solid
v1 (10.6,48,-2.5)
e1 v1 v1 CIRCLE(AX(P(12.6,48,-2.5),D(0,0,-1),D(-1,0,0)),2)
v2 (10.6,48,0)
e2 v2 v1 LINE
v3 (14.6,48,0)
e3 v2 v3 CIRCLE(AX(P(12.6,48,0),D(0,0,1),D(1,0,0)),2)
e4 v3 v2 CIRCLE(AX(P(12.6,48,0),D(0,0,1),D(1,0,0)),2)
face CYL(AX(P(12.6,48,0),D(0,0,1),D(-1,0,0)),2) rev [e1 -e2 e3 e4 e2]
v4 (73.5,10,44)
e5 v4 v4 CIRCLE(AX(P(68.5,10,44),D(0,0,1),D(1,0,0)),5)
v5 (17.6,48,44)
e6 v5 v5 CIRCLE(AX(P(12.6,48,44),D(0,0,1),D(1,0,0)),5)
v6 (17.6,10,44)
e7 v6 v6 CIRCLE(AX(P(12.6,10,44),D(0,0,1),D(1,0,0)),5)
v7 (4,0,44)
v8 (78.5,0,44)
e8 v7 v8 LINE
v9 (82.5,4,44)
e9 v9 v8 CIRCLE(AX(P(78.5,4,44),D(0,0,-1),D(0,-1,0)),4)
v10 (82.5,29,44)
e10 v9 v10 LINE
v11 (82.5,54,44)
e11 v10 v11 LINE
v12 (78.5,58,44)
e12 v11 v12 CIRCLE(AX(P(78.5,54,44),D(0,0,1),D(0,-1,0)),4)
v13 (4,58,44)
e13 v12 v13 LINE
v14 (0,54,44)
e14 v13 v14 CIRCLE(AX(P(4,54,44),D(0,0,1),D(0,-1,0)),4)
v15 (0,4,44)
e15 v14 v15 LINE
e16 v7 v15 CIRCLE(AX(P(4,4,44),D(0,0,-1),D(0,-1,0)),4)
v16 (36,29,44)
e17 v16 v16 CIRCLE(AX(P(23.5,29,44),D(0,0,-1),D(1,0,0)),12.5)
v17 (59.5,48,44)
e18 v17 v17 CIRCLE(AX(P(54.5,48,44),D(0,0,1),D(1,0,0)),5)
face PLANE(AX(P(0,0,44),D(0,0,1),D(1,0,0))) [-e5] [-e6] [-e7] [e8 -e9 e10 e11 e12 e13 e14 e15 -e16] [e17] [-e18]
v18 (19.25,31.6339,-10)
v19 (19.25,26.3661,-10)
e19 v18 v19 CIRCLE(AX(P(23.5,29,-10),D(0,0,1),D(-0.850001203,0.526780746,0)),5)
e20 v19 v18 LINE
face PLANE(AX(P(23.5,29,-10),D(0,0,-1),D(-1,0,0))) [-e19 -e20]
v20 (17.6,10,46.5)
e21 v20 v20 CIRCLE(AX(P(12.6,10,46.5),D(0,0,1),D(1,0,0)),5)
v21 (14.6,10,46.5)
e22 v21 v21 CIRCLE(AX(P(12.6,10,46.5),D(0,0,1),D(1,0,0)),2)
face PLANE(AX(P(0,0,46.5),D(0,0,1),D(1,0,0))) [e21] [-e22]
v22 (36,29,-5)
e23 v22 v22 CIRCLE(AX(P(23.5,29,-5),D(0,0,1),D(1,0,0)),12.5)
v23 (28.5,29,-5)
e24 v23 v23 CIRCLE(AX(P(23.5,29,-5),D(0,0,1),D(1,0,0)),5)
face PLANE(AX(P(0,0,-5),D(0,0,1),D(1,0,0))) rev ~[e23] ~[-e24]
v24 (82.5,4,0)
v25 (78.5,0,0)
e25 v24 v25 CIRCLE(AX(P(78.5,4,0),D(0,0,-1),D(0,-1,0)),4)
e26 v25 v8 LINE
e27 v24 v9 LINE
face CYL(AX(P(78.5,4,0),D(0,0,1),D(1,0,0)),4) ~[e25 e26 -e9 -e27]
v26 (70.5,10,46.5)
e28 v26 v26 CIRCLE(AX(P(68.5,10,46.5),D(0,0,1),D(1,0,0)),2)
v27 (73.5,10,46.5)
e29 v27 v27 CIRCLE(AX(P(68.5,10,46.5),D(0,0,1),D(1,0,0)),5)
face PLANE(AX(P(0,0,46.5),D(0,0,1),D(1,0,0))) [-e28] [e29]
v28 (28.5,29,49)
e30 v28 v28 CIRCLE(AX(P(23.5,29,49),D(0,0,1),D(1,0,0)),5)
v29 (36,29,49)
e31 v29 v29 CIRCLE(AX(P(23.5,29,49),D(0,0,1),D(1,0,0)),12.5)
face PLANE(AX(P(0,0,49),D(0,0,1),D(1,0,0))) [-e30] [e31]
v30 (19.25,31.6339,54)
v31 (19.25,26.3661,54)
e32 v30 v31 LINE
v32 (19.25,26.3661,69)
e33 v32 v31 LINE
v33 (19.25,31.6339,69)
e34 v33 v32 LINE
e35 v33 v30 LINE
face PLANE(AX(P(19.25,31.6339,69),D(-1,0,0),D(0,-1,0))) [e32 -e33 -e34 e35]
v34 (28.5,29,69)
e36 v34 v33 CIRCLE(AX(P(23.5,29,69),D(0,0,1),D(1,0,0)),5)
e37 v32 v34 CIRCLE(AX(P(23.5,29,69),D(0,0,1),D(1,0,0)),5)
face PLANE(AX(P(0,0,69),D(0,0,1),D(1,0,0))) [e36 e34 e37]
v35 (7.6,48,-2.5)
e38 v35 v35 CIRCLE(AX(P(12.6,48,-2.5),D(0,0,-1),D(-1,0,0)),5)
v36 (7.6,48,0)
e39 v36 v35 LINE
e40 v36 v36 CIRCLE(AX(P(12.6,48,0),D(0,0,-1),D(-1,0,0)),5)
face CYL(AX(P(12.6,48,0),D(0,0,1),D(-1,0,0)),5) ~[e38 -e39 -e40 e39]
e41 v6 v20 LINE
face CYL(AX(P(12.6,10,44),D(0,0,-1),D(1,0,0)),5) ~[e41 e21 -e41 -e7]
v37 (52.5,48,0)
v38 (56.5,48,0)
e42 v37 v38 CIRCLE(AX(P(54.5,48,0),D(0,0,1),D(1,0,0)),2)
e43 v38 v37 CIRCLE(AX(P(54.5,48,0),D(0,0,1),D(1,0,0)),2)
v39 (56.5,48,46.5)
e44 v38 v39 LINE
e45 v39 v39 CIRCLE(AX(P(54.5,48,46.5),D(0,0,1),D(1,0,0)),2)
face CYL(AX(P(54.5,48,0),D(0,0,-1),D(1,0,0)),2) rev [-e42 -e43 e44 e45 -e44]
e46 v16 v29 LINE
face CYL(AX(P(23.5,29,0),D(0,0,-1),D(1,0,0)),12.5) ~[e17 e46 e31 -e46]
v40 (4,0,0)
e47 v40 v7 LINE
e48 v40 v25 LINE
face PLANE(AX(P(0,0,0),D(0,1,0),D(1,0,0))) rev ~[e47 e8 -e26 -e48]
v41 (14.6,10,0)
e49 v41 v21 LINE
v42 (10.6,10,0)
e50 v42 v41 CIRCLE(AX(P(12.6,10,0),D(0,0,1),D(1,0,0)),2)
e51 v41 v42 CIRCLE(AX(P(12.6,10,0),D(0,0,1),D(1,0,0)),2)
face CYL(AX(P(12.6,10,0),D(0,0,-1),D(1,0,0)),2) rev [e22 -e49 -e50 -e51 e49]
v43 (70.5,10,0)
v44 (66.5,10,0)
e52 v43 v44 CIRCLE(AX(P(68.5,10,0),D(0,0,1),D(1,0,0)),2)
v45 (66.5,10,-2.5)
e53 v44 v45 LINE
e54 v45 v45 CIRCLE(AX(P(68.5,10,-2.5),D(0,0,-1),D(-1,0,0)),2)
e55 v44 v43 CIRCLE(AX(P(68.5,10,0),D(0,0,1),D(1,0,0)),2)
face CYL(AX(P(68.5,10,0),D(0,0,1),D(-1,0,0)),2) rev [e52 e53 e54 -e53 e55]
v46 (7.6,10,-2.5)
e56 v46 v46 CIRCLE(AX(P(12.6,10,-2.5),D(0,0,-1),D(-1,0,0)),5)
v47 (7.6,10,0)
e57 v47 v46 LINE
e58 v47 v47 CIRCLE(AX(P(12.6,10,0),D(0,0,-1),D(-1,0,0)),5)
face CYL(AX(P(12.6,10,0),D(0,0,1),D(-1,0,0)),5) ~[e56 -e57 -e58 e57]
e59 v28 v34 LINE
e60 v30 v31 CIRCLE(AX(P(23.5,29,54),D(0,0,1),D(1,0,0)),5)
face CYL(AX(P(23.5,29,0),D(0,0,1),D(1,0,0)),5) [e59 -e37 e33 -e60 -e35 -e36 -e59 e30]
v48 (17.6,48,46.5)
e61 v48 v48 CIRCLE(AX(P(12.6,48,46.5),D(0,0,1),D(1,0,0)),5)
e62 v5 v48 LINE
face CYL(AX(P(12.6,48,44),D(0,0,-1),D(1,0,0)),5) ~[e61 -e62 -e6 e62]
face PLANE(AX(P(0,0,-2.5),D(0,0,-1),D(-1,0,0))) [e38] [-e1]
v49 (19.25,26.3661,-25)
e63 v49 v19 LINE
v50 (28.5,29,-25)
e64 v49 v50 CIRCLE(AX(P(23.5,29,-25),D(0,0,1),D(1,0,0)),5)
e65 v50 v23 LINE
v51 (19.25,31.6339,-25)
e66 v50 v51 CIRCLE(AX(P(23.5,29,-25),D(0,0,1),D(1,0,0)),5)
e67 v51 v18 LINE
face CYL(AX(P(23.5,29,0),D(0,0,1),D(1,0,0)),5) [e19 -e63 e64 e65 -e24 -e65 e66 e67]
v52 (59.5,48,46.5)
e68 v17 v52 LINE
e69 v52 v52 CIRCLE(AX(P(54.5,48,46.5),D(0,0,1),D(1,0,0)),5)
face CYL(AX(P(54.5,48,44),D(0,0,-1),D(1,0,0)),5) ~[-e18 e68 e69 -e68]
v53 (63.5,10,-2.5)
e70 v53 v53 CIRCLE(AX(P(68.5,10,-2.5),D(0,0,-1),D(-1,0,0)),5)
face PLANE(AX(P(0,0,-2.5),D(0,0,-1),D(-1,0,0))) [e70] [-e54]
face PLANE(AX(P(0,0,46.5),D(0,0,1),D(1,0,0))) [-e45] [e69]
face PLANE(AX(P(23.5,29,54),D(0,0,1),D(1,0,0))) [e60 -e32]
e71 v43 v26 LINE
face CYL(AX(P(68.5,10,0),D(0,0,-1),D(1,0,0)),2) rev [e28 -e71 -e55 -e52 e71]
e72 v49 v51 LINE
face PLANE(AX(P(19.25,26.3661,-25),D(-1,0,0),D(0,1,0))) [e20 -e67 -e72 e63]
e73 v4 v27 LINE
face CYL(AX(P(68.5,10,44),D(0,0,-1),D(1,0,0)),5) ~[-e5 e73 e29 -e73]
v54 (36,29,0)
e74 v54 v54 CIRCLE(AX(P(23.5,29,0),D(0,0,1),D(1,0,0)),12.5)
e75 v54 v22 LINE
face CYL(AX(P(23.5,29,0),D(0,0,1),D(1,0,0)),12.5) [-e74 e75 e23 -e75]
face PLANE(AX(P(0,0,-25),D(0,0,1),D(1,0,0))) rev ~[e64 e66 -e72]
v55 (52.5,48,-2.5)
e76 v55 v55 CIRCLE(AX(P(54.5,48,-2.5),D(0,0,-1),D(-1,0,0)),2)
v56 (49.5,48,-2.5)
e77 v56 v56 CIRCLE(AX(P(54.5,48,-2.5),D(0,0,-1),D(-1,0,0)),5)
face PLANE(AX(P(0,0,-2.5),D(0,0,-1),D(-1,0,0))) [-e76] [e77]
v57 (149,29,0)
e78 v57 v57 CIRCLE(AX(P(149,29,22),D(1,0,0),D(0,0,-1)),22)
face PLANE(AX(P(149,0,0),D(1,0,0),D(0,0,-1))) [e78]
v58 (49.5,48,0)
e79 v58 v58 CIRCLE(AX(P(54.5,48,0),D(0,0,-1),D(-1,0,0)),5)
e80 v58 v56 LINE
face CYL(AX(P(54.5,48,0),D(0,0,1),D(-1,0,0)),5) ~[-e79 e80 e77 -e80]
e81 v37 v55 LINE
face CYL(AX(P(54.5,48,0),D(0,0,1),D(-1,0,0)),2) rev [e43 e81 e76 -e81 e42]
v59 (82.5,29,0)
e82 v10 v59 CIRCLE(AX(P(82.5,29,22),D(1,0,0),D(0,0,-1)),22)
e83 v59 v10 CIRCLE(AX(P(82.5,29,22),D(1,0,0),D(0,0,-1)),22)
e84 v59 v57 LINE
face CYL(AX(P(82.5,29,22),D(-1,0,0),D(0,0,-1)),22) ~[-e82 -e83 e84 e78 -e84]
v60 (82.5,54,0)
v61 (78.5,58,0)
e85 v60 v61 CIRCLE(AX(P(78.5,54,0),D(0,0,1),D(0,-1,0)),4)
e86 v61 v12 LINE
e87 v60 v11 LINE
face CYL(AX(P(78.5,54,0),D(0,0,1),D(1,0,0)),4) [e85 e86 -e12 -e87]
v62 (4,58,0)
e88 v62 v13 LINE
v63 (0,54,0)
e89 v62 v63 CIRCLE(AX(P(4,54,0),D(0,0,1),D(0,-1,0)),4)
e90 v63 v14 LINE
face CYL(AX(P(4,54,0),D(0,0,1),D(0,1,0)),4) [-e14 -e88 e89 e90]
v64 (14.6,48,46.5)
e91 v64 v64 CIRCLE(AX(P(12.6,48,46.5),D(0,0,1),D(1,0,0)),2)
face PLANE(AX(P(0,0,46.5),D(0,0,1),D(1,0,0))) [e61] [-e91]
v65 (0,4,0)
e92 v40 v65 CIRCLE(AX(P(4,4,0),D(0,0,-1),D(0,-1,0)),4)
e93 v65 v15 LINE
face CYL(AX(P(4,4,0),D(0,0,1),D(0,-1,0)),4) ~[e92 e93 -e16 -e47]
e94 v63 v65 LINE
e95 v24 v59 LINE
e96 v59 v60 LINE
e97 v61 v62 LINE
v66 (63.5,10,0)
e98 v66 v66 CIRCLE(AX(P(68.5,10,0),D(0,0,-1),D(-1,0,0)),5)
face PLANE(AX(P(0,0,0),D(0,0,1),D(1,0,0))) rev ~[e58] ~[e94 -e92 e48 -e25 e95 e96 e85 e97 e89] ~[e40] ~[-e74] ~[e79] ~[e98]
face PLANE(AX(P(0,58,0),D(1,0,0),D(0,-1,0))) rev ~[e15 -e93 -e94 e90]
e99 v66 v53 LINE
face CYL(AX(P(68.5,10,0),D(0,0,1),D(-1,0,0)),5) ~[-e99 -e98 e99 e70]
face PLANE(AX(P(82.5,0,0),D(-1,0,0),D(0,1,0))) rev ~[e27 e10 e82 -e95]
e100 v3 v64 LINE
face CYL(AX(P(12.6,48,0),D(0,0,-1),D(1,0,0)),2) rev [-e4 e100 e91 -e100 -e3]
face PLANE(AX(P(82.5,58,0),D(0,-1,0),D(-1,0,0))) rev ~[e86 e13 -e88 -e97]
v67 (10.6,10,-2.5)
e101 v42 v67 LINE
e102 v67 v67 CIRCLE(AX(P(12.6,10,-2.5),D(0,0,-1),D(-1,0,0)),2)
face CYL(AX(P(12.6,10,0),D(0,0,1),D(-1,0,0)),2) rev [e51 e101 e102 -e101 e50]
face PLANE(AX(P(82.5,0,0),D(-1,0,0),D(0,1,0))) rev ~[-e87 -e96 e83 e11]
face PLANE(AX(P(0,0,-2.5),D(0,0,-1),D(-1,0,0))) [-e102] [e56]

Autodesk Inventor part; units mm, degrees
ref_plane "YZ Plane" through (0, 0, 0) normal (1, 0, 0) x (0, 1, 0)
ref_plane "XZ Plane" through (0, 0, 0) normal (0, 1, 0) x (-1, 0, 0)
ref_plane "XY Plane" through (0, 0, 0) normal (0, 0, 1) x (1, 0, 0)
sketch "Sketch1" plane through (0, 0, 0) normal (0, 0, 1) x (1, 0, 0)
  line L0 (0, 0) -> (82.5, 0)
  line L1 (82.5, 0) -> (82.5, 58)
  line L2 (82.5, 58) -> (0, 58)
  line L3 (0, 58) -> (0, 0)
  line L4 (12.6, 10) -> (68.5, 10) construction
  line L5 (68.5, 10) -> (68.5, 48) construction
  line L6 (68.5, 48) -> (12.6, 48) construction
  line L7 (12.6, 48) -> (12.6, 10) construction
  circle A0 centre (12.6, 48) radius 2
  circle A1 centre (12.6, 10) radius 2
  circle A2 centre (68.5, 10) radius 2
  circle A3 centre (54.5, 48) radius 2
  circle A4 centre (23.5, 29) radius 12.5
  circle A5 centre (23.5, 29) radius 5
  point P0 (12.6, 29)
  point P1 (0, 29)
  dimension "d0" = 82.5
  dimension "d1" = 58
  dimension "d2" = 38
  dimension "d3" = 55.9
  dimension "d4" = 12.6
  dimension "d5" = 4
  dimension "d6" = 4
  dimension "d7" = 4
  dimension "d8" = 4
  dimension "d9" = 25
  dimension "d10" = 41.9
  dimension "d11" = 10.9
  dimension "d12" = 10
extrude "Extrusion1" add sketch "Sketch1" along normal blind 44 contours L3 L2 L1 L0 | A4 | A5
extrude "Extrusion2" add sketch "Sketch1" along normal blind 49 and the other way blind 5 contours A4
extrude "Extrusion3" add sketch "Sketch1" against normal blind 25 and the other way blind 69 contours A5
sketch "Sketch2" plane through (0, 0, 44) normal (0, 0, 1) x (1, 0, 0)
  circle A0 centre (12.6, 48) radius 2 projected
  circle A1 centre (54.5, 48) radius 2 projected
  circle A2 centre (68.5, 10) radius 2 projected
  circle A3 centre (12.6, 10) radius 2 projected
  circle A4 centre (12.6, 48) radius 5
  circle A5 centre (54.5, 48) radius 5
  circle A6 centre (68.5, 10) radius 5
  circle A7 centre (12.6, 10) radius 5
  point P0 (0, 0)
  dimension "d23" = 10
  dimension "d24" = 10
  dimension "d25" = 10
  dimension "d26" = 10
extrude "Extrusion4" add sketch "Sketch2" along normal blind 2.5
sketch "Sketch3" plane through (0, 0, 0) normal (0, 0, -1) x (-1, 0, 0)
  circle A0 centre (-12.6, 48) radius 2 projected
  circle A1 centre (-12.6, 48) radius 5 projected
  circle A2 centre (-12.6, 10) radius 2 projected
  circle A3 centre (-12.6, 10) radius 5 projected
  circle A4 centre (-54.5, 48) radius 2 projected
  circle A5 centre (-54.5, 48) radius 5 projected
  circle A6 centre (-68.5, 10) radius 2 projected
  circle A7 centre (-68.5, 10) radius 5 projected
  point P0 (0, 0)
extrude "Extrusion5" add sketch "Sketch3" along normal blind 2.5
sketch "Sketch4" plane through (82.5, 0, 0) normal (1, 0, 0) x (0, 0, -1)
  circle A0 centre (-22, 29) radius 22
  line L0 (0, 0) -> (0, 58) projected
  line L1 (0, 58) -> (-44, 58) projected
  point P0 (-22, 58)
  point P1 (0, 29)
  dimension "d31" = 44
extrude "Extrusion6" add sketch "Sketch4" along normal blind 66.5
sketch "Sketch5" plane through (23.5, 29, -25) normal (0, 0, -1) x (-1, 0, 0)
  circle A0 centre (0, 0) radius 5 projected
  line L0 (4.25, -2.6339) -> (4.25, 2.6339)
  arc A1 (4.25, -2.6339) -> (4.25, 2.6339) centre (0, 0) ccw
  point P0 (23.5, -29)
  point P1 (4.25, 0)
  dimension "d34" = 4.25
extrude "Extrusion7" cut sketch "Sketch5" against normal blind 15 contours A0 L0 picked at (4.3873, -0.6025)
sketch "Sketch6" plane through (23.5, 29, 69) normal (0, 0, 1) x (1, 0, 0)
  circle A0 centre (0, 0) radius 5 projected
  line L0 (-4.25, 2.6339) -> (-4.25, -2.6339)
  arc A1 (-4.25, 2.6339) -> (-4.25, -2.6339) centre (0, 0) ccw
  point P0 (-23.5, -29)
  point P1 (-4.25, 0)
  dimension "d37" = 4.25
extrude "Extrusion8" cut sketch "Sketch6" against normal blind 15 contours L0 A0 picked at (-4.4085, 0.5446)
fillet "Fillet1" radius 4 4 edges at (82.5, 58, 22) (0, 58, 22) (82.5, 0, 22) (0, 0, 22)
properties part number "TJW83FZY4468-527i" material "Stainless Steel"
